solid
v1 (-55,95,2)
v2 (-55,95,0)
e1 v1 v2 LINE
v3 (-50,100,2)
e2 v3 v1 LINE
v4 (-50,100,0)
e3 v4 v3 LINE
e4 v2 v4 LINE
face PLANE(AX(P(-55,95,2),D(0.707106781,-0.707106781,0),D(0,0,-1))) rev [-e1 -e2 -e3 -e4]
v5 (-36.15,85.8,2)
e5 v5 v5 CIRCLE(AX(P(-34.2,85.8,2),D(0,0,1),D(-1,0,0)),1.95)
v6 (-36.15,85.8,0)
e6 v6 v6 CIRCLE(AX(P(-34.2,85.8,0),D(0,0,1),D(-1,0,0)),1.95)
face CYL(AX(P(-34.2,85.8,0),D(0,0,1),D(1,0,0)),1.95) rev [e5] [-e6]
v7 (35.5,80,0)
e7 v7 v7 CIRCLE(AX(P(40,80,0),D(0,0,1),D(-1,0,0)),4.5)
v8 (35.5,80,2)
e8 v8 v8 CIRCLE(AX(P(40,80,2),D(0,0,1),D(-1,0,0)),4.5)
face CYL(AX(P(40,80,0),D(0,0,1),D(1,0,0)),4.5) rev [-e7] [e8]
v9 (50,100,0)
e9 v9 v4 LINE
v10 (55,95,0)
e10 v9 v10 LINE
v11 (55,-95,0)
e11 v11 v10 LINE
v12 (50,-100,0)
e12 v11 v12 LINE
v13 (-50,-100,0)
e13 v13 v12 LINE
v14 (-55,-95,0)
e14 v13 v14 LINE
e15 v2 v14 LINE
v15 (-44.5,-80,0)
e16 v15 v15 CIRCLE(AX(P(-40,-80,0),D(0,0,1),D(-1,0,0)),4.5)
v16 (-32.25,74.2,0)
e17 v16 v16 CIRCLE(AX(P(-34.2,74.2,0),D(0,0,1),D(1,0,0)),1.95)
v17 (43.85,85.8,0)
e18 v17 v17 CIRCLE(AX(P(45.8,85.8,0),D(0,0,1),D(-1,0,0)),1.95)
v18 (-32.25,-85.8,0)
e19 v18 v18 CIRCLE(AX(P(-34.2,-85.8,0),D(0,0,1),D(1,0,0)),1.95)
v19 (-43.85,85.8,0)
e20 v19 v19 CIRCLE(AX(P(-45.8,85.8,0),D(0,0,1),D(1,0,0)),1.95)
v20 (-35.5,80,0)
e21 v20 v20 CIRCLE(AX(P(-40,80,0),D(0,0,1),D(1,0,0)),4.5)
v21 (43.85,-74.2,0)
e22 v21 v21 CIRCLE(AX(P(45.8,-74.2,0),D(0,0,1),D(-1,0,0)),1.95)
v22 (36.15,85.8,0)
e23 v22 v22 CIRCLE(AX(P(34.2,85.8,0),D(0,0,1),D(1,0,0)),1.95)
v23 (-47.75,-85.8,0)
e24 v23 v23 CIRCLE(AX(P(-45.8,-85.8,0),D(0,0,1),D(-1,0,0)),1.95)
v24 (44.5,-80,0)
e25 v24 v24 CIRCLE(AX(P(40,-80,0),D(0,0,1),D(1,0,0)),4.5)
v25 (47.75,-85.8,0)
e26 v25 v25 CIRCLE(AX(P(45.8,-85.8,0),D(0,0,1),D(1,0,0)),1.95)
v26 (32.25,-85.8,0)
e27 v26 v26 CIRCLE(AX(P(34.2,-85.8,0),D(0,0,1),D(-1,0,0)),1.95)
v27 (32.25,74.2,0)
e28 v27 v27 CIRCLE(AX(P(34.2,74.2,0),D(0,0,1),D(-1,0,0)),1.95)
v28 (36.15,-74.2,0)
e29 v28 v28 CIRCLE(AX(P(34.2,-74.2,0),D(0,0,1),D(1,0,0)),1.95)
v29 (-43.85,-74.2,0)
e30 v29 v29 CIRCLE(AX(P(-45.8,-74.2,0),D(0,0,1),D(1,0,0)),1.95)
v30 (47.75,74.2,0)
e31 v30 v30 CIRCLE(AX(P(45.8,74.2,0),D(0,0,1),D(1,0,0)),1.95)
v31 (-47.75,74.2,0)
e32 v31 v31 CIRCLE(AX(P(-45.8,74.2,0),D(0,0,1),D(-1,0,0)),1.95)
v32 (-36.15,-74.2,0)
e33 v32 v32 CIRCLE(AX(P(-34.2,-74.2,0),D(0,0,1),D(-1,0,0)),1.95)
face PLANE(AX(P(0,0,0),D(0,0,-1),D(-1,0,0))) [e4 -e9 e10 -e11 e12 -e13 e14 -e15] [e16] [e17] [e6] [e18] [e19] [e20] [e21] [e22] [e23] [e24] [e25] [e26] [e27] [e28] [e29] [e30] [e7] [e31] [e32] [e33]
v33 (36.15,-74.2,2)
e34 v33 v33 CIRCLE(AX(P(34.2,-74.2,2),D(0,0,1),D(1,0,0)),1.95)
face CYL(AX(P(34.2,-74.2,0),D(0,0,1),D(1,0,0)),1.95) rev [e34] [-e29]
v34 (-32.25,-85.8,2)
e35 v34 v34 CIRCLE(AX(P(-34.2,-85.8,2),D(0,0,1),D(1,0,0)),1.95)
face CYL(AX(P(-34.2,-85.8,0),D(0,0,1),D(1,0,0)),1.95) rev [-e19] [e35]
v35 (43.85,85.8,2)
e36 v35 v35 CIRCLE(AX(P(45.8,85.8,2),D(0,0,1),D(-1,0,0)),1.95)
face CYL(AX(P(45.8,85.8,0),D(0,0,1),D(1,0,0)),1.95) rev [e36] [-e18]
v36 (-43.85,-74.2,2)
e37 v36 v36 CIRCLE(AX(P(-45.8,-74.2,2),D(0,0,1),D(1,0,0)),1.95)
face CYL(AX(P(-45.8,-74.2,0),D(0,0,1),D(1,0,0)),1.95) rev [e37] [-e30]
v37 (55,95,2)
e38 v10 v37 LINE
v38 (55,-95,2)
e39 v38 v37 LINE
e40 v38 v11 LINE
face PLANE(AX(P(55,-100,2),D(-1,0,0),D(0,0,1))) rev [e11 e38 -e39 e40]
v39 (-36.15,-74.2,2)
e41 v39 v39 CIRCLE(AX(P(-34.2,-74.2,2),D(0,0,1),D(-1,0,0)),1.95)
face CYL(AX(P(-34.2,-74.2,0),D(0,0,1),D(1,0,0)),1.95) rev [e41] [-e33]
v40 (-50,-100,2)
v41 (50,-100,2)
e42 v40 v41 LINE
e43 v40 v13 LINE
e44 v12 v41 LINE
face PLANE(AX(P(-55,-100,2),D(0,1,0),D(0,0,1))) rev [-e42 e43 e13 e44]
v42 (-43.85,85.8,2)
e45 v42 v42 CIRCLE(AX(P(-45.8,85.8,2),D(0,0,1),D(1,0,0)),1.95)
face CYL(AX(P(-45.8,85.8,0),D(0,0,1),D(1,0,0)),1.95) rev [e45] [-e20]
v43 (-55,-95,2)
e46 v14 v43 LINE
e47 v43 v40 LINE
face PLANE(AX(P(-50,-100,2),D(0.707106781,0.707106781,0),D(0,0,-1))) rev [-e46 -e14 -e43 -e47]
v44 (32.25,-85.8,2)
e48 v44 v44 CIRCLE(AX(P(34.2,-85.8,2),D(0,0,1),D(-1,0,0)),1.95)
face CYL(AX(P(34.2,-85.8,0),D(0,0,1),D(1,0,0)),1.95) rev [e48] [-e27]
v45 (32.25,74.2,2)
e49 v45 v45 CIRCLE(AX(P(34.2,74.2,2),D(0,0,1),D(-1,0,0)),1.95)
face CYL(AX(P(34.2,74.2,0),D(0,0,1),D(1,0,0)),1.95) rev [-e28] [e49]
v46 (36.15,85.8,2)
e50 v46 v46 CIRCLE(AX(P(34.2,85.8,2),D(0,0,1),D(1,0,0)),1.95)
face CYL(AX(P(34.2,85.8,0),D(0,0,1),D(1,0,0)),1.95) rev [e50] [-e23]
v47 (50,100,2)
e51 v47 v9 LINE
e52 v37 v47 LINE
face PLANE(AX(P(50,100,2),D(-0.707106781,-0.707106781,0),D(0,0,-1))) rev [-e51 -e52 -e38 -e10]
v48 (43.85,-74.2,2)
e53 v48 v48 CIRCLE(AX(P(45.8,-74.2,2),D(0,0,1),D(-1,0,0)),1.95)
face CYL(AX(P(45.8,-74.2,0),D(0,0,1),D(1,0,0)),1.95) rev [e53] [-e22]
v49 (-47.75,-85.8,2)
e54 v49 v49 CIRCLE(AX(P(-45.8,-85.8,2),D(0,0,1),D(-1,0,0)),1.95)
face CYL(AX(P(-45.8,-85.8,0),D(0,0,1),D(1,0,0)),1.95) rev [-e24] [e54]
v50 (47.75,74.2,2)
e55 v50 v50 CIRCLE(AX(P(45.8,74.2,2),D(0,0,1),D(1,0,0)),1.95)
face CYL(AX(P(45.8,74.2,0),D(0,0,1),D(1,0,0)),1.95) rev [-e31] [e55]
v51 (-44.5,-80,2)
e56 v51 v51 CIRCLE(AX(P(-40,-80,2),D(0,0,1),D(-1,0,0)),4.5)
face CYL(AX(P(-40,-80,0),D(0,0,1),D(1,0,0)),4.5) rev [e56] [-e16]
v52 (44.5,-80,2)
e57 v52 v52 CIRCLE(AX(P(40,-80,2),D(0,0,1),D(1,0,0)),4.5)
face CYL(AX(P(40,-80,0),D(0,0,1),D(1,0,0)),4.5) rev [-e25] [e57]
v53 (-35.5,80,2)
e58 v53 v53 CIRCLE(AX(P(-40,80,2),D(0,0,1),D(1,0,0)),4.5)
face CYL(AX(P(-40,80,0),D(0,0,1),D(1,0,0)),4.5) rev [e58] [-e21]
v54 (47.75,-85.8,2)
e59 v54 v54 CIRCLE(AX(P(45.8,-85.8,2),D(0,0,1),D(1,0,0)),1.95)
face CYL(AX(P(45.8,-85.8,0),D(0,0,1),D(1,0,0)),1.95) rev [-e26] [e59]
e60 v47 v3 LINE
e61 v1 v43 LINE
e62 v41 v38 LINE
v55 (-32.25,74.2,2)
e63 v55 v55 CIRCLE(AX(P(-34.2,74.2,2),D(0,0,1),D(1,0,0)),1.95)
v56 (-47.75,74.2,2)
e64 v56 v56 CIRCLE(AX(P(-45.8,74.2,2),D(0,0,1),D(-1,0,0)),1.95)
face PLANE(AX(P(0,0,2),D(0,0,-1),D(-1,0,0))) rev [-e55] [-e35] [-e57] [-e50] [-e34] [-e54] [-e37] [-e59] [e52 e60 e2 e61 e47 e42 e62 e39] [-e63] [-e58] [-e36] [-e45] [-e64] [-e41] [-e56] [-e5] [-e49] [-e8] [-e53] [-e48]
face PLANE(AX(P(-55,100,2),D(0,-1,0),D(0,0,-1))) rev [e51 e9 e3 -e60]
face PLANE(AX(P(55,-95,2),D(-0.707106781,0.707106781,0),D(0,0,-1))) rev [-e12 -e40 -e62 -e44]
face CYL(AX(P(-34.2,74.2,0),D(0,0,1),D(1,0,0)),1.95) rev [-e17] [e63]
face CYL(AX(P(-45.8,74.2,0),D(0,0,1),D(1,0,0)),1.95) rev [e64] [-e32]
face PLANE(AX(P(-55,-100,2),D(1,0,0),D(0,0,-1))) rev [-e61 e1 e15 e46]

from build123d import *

# Parameters (mm, degrees)
SKETCH1_W           = 110
SKETCH1_H           = 200
BOSS_EXTRUDE1_DEPTH = 2
SKETCH6_R           = 4.5
SKETCH6_R_2         = 1.95
LEANDUT_HOLES_DEPTH = 115.144645078
CHAMFER1_SIZE       = 5


with BuildPart() as part:
    # Sketch1 → Boss-Extrude1 (new body)
    with BuildSketch(Plane.XY):
        Rectangle(SKETCH1_W, SKETCH1_H)
    extrude(amount=BOSS_EXTRUDE1_DEPTH)

    # Sketch6 → Leandut_holes (cut, through all)
    with BuildSketch(Plane.XY.offset(2)):
        with Locations((-40, 80)):
            Circle(SKETCH6_R)
        with Locations((-45.8, 85.8)):
            Circle(SKETCH6_R_2)
        with Locations((-45.8, 74.2)):
            Circle(SKETCH6_R_2)
        with Locations((-34.2, 74.2)):
            Circle(SKETCH6_R_2)
        with Locations((-34.2, 85.8)):
            Circle(SKETCH6_R_2)
        with Locations((34.2, 85.8)):
            Circle(SKETCH6_R_2)
        with Locations((34.2, 74.2)):
            Circle(SKETCH6_R_2)
        with Locations((45.8, 74.2)):
            Circle(SKETCH6_R_2)
        with Locations((45.8, 85.8)):
            Circle(SKETCH6_R_2)
        with Locations((40, 80)):
            Circle(SKETCH6_R)
        with Locations((40, -80)):
            Circle(SKETCH6_R)
        with Locations((45.8, -85.8)):
            Circle(SKETCH6_R_2)
        with Locations((45.8, -74.2)):
            Circle(SKETCH6_R_2)
        with Locations((34.2, -74.2)):
            Circle(SKETCH6_R_2)
        with Locations((34.2, -85.8)):
            Circle(SKETCH6_R_2)
        with Locations((-34.2, -85.8)):
            Circle(SKETCH6_R_2)
        with Locations((-34.2, -74.2)):
            Circle(SKETCH6_R_2)
        with Locations((-45.8, -74.2)):
            Circle(SKETCH6_R_2)
        with Locations((-45.8, -85.8)):
            Circle(SKETCH6_R_2)
        with Locations((-40, -80)):
            Circle(SKETCH6_R)
    extrude(amount=-LEANDUT_HOLES_DEPTH, mode=Mode.SUBTRACT)

    # Chamfer1
    chamfer1_edges = [part.edges().sort_by_distance(p)[0] for p in [
        (-55, -100, 1),
        (55, -100, 1),
        (55, 100, 1),
        (-55, 100, 1),
    ]]
    chamfer(chamfer1_edges, length=CHAMFER1_SIZE)


solid = part.part
